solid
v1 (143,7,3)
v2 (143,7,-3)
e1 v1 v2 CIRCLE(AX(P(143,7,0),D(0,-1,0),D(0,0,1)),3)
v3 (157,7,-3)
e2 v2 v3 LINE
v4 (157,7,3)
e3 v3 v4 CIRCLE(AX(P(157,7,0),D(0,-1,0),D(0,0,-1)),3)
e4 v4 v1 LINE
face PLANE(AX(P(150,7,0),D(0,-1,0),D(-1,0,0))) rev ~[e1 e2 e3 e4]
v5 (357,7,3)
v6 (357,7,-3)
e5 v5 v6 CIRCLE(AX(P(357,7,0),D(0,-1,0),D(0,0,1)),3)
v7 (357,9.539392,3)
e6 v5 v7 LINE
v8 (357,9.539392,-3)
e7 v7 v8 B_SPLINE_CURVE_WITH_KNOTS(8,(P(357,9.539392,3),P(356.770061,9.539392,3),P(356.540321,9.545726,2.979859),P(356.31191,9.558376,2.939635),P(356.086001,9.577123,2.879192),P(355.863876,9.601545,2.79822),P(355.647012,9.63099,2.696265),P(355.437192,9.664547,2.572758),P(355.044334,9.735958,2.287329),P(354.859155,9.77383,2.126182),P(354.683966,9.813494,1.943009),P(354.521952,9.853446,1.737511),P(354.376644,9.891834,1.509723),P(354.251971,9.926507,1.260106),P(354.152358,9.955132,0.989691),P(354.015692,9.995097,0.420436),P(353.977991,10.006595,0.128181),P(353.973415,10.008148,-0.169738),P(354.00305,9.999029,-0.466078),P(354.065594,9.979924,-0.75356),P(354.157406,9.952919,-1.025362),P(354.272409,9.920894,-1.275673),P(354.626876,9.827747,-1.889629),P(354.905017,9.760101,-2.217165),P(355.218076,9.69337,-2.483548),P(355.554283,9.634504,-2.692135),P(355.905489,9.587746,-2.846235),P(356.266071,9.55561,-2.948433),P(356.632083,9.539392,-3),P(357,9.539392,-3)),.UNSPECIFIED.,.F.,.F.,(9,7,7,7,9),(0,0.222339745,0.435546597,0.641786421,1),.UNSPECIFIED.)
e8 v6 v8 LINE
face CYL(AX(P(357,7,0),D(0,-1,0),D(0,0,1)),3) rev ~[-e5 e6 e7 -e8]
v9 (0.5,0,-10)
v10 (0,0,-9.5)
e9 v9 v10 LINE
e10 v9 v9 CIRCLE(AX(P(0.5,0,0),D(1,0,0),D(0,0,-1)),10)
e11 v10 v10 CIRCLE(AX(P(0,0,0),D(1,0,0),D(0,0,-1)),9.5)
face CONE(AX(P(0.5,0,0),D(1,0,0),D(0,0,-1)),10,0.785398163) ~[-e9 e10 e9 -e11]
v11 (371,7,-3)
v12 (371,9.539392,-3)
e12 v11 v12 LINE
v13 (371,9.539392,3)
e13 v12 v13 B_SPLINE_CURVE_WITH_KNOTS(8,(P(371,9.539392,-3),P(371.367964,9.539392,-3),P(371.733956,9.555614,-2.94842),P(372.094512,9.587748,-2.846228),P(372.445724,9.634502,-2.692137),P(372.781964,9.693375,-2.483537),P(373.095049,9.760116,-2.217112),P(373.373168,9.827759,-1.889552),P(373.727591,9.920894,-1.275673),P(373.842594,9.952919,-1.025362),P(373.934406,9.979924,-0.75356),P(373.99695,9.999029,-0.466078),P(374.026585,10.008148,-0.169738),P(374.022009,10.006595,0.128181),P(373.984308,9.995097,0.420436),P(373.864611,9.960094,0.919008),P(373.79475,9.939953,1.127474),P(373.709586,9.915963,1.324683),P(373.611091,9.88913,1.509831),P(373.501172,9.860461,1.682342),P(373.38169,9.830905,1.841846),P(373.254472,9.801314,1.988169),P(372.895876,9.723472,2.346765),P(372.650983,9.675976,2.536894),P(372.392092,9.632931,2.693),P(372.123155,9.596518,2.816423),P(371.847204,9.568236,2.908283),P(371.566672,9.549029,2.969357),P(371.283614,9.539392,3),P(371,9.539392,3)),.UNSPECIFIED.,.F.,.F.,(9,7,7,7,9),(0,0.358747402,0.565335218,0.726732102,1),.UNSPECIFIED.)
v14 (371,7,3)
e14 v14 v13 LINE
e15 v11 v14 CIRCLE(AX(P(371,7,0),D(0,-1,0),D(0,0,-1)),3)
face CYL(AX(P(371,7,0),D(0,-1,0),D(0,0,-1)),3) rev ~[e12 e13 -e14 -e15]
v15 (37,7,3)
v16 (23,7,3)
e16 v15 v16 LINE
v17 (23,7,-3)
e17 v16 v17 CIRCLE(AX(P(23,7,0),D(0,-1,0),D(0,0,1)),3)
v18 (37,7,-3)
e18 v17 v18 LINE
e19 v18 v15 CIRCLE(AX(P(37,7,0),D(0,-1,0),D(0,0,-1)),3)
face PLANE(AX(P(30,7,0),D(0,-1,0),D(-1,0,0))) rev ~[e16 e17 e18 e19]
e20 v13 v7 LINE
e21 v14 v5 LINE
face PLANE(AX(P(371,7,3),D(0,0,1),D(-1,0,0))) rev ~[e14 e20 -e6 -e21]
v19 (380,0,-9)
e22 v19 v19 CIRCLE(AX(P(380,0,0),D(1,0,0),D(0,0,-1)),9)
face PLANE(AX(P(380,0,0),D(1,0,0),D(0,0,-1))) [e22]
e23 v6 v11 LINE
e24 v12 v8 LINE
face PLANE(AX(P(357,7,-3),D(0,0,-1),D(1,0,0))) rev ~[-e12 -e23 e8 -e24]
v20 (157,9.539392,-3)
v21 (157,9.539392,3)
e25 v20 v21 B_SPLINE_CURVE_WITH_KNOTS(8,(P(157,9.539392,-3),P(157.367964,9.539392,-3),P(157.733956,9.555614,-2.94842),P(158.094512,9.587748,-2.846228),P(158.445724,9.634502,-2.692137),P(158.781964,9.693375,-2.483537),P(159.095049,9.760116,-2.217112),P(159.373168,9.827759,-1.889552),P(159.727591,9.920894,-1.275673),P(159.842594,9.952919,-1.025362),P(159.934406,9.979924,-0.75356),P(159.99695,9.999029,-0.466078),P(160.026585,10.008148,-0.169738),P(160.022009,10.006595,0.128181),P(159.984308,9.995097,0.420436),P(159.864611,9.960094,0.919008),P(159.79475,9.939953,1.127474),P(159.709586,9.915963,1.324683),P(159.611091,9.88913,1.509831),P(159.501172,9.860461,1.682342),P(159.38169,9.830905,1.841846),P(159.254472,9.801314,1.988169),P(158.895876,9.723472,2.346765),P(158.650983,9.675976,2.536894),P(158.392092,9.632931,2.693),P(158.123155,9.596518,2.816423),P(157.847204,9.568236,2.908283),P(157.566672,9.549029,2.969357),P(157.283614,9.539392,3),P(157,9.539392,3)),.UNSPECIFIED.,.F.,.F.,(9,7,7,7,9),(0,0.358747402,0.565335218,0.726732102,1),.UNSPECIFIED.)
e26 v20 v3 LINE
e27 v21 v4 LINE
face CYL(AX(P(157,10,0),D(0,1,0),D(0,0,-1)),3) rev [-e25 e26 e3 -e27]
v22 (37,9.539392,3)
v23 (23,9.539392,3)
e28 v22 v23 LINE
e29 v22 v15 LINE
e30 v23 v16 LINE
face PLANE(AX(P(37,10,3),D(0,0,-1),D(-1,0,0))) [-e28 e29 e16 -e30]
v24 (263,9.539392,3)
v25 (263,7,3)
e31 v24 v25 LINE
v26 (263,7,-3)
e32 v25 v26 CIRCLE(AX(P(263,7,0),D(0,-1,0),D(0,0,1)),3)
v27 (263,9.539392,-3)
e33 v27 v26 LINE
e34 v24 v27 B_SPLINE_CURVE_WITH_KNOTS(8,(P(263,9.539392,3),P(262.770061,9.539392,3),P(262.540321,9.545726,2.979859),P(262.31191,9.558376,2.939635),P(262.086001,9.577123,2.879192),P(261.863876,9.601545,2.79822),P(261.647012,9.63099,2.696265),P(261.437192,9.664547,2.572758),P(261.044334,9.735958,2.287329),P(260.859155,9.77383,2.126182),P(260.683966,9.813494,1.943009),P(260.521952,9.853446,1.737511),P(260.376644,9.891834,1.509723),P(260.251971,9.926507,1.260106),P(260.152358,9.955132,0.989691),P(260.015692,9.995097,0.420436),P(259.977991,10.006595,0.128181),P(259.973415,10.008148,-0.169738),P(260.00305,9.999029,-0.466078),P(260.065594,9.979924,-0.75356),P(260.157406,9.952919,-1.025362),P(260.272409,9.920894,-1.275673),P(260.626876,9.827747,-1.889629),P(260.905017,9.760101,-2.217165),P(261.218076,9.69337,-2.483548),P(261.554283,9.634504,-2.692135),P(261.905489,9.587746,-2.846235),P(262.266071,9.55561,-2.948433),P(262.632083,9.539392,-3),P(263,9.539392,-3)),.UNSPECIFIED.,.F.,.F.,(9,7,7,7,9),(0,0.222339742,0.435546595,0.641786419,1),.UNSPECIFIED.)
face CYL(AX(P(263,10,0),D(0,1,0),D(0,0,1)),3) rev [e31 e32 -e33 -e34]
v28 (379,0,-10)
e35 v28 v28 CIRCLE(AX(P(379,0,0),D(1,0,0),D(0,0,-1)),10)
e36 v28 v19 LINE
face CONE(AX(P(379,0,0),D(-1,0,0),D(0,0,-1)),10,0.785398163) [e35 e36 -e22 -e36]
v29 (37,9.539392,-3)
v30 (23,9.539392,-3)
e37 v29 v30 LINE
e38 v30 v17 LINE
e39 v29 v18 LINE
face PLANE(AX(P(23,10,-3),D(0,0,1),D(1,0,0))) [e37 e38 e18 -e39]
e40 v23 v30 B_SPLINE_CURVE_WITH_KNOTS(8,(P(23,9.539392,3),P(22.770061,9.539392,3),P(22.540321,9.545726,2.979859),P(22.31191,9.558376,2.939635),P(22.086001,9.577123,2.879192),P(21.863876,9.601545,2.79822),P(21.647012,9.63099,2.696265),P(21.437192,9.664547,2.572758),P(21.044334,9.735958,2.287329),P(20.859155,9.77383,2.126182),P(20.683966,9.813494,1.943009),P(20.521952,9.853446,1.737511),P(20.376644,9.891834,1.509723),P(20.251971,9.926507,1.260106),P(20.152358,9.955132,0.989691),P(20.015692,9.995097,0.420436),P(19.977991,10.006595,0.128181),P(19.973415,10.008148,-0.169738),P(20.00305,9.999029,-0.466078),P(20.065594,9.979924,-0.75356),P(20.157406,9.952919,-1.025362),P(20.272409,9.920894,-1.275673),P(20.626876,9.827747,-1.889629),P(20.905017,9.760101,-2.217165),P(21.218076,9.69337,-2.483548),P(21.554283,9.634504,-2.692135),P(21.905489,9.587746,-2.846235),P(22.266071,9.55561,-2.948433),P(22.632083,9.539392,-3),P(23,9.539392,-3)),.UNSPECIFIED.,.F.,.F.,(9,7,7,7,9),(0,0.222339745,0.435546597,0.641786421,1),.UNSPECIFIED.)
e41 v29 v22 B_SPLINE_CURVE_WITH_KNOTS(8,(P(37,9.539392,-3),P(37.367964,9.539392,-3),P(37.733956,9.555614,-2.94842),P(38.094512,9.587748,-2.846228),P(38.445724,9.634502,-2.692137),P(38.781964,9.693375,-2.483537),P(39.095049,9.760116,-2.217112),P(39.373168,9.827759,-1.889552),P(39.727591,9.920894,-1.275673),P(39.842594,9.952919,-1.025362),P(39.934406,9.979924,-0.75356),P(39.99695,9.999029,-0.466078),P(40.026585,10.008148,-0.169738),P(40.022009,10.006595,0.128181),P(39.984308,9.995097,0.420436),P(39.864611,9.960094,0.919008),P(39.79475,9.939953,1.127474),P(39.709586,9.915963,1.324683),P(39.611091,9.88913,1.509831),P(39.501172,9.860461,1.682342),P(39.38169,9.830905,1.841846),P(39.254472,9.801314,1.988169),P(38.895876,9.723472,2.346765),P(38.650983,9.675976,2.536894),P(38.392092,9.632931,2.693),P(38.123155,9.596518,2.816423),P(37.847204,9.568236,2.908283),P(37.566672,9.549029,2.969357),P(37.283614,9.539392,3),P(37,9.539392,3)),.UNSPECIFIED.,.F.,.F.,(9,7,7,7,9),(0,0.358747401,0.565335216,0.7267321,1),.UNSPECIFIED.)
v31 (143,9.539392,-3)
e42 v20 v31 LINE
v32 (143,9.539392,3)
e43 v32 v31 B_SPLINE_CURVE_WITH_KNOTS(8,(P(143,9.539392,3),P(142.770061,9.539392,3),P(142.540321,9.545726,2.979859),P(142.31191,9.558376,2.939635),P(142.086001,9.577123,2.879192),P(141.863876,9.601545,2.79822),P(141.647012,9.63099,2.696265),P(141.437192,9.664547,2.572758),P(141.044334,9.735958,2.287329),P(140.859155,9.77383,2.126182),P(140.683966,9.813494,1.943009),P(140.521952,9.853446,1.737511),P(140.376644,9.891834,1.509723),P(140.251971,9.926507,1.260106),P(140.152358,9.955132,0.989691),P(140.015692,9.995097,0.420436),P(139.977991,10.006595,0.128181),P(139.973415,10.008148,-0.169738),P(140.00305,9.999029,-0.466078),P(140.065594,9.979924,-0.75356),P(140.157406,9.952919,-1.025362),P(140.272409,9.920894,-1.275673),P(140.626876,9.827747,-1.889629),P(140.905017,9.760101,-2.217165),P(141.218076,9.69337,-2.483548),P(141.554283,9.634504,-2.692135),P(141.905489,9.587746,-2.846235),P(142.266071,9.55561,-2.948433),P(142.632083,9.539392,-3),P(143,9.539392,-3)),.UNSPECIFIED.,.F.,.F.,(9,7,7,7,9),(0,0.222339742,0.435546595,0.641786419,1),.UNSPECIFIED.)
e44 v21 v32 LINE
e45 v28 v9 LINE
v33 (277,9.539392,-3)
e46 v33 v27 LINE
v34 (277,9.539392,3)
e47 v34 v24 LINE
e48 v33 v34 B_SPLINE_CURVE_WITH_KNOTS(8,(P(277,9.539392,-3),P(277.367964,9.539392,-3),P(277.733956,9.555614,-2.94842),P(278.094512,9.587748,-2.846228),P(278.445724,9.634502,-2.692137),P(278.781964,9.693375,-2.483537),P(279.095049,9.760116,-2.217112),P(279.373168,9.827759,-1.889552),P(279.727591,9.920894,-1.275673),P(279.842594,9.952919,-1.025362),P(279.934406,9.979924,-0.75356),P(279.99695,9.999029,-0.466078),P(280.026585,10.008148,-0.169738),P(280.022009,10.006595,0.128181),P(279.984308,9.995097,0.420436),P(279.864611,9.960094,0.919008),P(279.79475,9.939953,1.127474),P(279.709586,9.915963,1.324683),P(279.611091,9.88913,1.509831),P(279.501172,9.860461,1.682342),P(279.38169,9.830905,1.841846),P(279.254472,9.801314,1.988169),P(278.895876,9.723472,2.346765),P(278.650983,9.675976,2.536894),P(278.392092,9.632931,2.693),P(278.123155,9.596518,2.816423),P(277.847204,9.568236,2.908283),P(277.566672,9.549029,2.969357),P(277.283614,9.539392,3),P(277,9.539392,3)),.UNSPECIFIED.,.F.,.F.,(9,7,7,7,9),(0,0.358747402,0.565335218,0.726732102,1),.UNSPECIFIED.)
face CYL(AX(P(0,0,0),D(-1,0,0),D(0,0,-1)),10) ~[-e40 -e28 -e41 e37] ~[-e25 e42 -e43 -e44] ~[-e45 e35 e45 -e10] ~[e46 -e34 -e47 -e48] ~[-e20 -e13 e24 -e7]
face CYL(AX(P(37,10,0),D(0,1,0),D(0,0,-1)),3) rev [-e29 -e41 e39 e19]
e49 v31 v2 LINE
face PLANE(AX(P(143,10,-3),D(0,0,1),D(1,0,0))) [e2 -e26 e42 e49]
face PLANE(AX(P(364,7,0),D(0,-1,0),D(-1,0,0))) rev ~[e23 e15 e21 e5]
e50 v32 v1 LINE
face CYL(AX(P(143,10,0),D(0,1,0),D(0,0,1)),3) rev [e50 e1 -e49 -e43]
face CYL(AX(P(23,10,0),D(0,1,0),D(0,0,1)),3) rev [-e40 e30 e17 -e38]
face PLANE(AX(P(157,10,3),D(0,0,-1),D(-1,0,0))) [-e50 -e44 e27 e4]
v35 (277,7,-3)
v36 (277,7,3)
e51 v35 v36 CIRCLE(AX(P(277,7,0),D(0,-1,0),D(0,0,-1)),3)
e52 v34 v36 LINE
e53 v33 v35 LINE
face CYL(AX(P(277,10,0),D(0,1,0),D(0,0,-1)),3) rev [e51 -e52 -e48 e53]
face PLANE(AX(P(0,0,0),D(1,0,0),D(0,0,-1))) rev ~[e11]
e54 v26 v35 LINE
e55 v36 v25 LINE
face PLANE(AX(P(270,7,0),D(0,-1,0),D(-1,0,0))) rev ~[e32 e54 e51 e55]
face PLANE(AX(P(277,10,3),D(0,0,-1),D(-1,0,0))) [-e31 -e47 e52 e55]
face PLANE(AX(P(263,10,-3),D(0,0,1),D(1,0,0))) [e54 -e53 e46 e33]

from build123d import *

# Parameters (mm, degrees)
SKETCH_1_R             = 10
EXTRUDE_1_DEPTH        = 300
CUT_EXTRUDE_1_DEPTH    = 3
CHAMFER_1_SIZE         = 0.5
CHAMFER_2_SIZE         = 0.5
PATTERN_LINEAR_1_COUNT = 3
PATTERN_LINEAR_1_PITCH = 120
EXTRUDE_START          = -10
SKETCH_3_R             = 10
EXTRUDE_2_DEPTH        = 110
CHAMFER_3_SIZE         = 1
CUT_EXTRUDE_2_DEPTH    = 60
CUT_EXTRUDE_START      = -20
SKETCH_5_R             = 10
CUT_EXTRUDE_3_DEPTH    = 20
CHAMFER_4_SIZE         = 1


with BuildPart() as part:
    # 草图1 → 凸台-拉伸1 (new body)
    with BuildSketch(Plane(origin=(0, 0, 0), x_dir=(0, 0, -1), z_dir=(1, 0, 0))):
        Circle(SKETCH_1_R)
    extrude(amount=EXTRUDE_1_DEPTH)

    # 草图2 → 切除-拉伸1 (cut)
    with BuildSketch(Plane(origin=(0, 10, 0), x_dir=(1, 0, 0), z_dir=(0, 1, 0))):
        with BuildLine():
            Line((263, 3), (277, 3))
            ThreePointArc((277, 3), (280, 0), (277, -3))
            Line((277, -3), (263, -3))
            ThreePointArc((263, -3), (260, 0), (263, 3))
        make_face()
    cut_extrude_1 = extrude(amount=-CUT_EXTRUDE_1_DEPTH, mode=Mode.SUBTRACT)

    # 倒角1
    chamfer_1_edges = [part.edges().sort_by_distance(p)[0] for p in [
        (0, 0, 10),
    ]]
    chamfer(chamfer_1_edges, length=CHAMFER_1_SIZE)

    # 倒角2
    chamfer_2_edges = [part.edges().sort_by_distance(p)[0] for p in [
        (300, 0, 10),
    ]]
    chamfer(chamfer_2_edges, length=CHAMFER_2_SIZE)

    # 阵列(线性)1: 切除-拉伸1 ×3
    with Locations(*[(-i * PATTERN_LINEAR_1_PITCH, 0, 0) for i in range(1, PATTERN_LINEAR_1_COUNT)]):
        add(cut_extrude_1, mode=Mode.SUBTRACT)

    # 草图3 → 凸台-拉伸2 (add)
    with BuildSketch(Plane(origin=(300, 0, 0), x_dir=(0, 0, -1), z_dir=(1, 0, 0)).offset(EXTRUDE_START)):
        Circle(SKETCH_3_R)
    extrude(amount=EXTRUDE_2_DEPTH)

    # 倒角3
    chamfer_3_edges = [part.edges().sort_by_distance(p)[0] for p in [
        (400, 0, 10),
    ]]
    chamfer(chamfer_3_edges, length=CHAMFER_3_SIZE)

    # 草图4 → 切除-拉伸2 (cut)
    with BuildSketch(Plane(origin=(0, 7, 0), x_dir=(1, 0, 0), z_dir=(0, 1, 0))):
        with BuildLine():
            Line((357, 3), (371, 3))
            ThreePointArc((371, 3), (374, 0), (371, -3))
            Line((371, -3), (357, -3))
            ThreePointArc((357, -3), (354, 0), (357, 3))
        make_face()
    extrude(amount=CUT_EXTRUDE_2_DEPTH, mode=Mode.SUBTRACT)

    # 草图5 → 切除-拉伸3 (cut)
    with BuildSketch(Plane(origin=(400, 0, 0), x_dir=(0, 0, -1), z_dir=(1, 0, 0)).offset(CUT_EXTRUDE_START)):
        Circle(SKETCH_5_R)
    extrude(amount=CUT_EXTRUDE_3_DEPTH, mode=Mode.SUBTRACT)

    # 倒角4
    chamfer_4_edges = [part.edges().sort_by_distance(p)[0] for p in [
        (380, 0, 10),
    ]]
    chamfer(chamfer_4_edges, length=CHAMFER_4_SIZE)


solid = part.part
